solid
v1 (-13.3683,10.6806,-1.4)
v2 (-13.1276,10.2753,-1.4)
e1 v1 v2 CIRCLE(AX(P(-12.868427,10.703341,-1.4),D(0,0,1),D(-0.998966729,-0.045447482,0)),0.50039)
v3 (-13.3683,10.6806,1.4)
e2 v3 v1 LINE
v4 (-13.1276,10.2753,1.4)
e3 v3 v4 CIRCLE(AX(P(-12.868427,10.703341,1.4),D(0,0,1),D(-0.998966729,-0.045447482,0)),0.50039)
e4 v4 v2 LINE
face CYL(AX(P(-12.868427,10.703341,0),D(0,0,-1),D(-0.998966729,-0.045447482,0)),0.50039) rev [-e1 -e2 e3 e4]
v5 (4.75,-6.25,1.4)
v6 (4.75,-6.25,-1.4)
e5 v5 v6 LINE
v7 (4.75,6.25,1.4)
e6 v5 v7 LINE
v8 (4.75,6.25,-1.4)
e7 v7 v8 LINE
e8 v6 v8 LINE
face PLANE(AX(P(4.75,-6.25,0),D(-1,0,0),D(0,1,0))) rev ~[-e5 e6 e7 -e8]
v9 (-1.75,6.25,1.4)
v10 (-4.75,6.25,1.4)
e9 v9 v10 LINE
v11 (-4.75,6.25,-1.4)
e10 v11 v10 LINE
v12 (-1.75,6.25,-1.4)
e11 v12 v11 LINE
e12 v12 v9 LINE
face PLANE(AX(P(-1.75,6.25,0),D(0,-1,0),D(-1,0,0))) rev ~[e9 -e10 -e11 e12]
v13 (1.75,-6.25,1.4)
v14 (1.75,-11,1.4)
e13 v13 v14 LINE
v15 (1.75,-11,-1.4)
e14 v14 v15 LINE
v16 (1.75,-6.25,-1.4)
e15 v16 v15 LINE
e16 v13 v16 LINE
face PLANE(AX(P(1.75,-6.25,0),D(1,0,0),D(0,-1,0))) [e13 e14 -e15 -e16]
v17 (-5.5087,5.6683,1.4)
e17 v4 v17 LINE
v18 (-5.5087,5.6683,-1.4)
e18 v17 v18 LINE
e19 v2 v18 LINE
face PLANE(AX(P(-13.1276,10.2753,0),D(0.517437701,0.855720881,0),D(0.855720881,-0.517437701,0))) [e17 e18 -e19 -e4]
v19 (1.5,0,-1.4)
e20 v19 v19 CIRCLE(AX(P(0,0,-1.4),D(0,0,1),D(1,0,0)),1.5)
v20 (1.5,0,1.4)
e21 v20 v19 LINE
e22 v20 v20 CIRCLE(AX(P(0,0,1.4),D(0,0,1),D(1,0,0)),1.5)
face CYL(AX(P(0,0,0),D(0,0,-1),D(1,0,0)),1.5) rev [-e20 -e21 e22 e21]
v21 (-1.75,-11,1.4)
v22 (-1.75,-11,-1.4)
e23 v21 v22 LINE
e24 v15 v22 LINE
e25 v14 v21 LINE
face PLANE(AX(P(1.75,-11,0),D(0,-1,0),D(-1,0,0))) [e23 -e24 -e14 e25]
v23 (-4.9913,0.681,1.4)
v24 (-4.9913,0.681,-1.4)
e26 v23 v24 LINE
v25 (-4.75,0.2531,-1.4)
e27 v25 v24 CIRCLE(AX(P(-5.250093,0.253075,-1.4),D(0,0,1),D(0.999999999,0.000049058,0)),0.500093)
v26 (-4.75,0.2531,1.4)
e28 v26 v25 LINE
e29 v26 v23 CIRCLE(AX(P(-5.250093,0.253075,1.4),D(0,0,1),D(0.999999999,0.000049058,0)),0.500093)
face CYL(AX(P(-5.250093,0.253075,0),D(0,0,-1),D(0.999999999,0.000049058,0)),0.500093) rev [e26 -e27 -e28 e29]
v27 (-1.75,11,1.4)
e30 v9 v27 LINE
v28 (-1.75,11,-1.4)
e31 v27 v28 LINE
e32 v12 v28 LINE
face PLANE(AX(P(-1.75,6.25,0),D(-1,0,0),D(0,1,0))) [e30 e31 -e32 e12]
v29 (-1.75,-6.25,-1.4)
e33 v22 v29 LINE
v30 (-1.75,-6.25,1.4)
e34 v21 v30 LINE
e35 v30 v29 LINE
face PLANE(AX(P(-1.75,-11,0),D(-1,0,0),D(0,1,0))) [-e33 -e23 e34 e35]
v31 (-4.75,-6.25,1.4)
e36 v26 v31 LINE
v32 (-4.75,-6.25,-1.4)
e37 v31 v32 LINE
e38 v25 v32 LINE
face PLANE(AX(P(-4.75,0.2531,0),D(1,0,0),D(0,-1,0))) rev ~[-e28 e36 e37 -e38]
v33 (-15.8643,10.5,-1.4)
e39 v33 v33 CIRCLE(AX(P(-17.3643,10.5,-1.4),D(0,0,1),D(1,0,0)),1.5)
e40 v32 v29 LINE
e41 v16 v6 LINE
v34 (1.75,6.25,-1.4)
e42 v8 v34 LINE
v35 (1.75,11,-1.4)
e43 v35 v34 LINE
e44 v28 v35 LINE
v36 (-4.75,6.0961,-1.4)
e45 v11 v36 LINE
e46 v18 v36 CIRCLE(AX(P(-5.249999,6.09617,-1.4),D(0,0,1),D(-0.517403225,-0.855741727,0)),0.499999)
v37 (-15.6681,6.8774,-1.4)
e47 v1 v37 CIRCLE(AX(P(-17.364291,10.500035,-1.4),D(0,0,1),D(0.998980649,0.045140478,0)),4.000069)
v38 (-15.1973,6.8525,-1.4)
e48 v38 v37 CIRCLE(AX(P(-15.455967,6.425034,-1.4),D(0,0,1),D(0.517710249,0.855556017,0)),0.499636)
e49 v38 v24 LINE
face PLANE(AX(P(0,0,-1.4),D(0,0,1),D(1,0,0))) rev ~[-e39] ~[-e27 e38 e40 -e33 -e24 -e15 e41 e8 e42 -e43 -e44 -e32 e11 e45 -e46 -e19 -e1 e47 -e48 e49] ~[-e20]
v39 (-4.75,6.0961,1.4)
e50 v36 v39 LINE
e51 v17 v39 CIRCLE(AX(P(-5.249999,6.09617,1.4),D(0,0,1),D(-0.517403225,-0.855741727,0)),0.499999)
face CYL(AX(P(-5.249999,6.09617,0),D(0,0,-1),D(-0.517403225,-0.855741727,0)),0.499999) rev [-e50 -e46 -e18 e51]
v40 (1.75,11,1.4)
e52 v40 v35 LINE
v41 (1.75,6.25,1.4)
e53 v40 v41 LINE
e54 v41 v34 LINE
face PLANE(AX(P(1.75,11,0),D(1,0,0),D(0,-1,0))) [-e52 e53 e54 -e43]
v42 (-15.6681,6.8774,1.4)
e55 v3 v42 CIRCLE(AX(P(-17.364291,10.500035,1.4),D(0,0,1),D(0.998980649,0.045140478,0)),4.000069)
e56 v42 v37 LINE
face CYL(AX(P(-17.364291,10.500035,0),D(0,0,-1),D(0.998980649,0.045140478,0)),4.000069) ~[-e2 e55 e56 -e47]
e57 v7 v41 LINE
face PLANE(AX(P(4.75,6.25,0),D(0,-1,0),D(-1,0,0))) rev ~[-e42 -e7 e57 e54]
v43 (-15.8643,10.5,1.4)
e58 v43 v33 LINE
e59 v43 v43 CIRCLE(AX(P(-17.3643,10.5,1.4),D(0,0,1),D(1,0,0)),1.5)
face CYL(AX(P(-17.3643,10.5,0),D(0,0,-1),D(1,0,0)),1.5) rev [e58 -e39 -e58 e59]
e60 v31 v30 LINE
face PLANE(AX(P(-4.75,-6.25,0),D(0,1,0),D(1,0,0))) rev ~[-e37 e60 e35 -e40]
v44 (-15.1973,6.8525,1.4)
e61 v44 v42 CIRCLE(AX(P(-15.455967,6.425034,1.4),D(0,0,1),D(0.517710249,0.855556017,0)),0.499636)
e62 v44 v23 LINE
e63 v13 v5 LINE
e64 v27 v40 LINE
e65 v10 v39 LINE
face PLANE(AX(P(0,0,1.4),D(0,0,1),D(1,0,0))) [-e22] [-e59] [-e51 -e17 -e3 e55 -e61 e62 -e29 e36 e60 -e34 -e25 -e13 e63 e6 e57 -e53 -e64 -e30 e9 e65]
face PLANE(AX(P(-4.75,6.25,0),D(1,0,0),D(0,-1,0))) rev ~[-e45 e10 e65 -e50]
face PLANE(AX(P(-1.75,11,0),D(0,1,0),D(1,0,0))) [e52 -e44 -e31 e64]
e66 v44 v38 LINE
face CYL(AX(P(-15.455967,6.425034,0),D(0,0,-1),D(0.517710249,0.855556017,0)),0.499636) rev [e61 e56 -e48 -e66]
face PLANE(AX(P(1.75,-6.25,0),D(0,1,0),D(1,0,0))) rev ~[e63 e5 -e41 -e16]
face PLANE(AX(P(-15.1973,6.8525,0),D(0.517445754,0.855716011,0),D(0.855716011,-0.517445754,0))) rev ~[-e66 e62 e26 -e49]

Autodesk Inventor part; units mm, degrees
ref_plane "YZ Plane" through (0, 0, 0) normal (1, 0, 0) x (0, 1, 0)
ref_plane "XZ Plane" through (0, 0, 0) normal (0, 1, 0) x (-1, 0, 0)
ref_plane "XY Plane" through (0, 0, 0) normal (0, 0, 1) x (1, 0, 0)
sketch "Sketch1" plane through (0, 0, 0) normal (0, 0, 1) x (1, 0, 0)
  line L0 (-1.75, 6.25) -> (-4.75, 6.25)
  line L1 (-4.75, 0.2531) -> (-4.75, -6.25)
  line L2 (-4.75, -6.25) -> (-1.75, -6.25)
  line L3 (1.75, -6.25) -> (4.75, -6.25)
  line L4 (4.75, -6.25) -> (4.75, 6.25)
  line L5 (4.75, 6.25) -> (1.75, 6.25)
  line L6 (1.75, -6.25) -> (1.75, -11)
  line L7 (1.75, -11) -> (-1.75, -11)
  line L8 (-1.75, -11) -> (-1.75, -6.25)
  line L9 (-1.75, 6.25) -> (-1.75, 11)
  line L10 (-1.75, 11) -> (1.75, 11)
  line L11 (1.75, 11) -> (1.75, 6.25)
  arc A0 (-13.3683, 10.6806) -> (-15.6681, 6.8774) centre (-17.3643, 10.5) ccw
  circle A1 centre (-17.3643, 10.5) radius 1.5
  circle A2 centre (0, 0) radius 1.5
  line L12 (-17.3643, 10.5) -> (0, 0) construction
  line L13 (-15.1973, 6.8525) -> (-4.9913, 0.681)
  line L14 (-13.1276, 10.2753) -> (-5.5087, 5.6683)
  line L15 (-7.6472, 6.9614) -> (-9.717, 3.5386) construction
  arc A3 (-13.3683, 10.6806) -> (-13.1276, 10.2753) centre (-12.8689, 10.7032) ccw
  arc A4 (-15.1973, 6.8525) -> (-15.6681, 6.8774) centre (-15.4561, 6.4246) ccw
  arc A5 (-4.75, 0.2531) -> (-4.9913, 0.681) centre (-5.25, 0.2531) ccw
  line L16 (-4.75, 6.25) -> (-4.75, 6.0961)
  arc A6 (-5.5087, 5.6683) -> (-4.75, 6.0961) centre (-5.25, 6.0961) ccw
  point P0 (0, 0)
  point P1 (0, 11)
  point P2 (0, -11)
  point P3 (1.75, 8.625)
  point P4 (-15.4349, 6.9961)
  point P5 (-13.3651, 10.419)
  point P6 (-4.75, 5.2095)
  point P7 (-8.6821, 5.25)
  dimension "d0" = 3
  dimension "d1" = 12.5
  dimension "d2" = 9.5
  dimension "d3" = 3.5
  dimension "d4" = 22
  dimension "d5" = 11
  dimension "d6" = 17.3643
  dimension "d7" = 10.5
  dimension "d8" = 3
  dimension "d9" = 8
  dimension "d10" = 4
  dimension "d11" = 0.5
extrude "Extrusion1" add sketch "Sketch1" along normal mid plane 2.8
equation "\"d5\" = 0.5 * d4"
